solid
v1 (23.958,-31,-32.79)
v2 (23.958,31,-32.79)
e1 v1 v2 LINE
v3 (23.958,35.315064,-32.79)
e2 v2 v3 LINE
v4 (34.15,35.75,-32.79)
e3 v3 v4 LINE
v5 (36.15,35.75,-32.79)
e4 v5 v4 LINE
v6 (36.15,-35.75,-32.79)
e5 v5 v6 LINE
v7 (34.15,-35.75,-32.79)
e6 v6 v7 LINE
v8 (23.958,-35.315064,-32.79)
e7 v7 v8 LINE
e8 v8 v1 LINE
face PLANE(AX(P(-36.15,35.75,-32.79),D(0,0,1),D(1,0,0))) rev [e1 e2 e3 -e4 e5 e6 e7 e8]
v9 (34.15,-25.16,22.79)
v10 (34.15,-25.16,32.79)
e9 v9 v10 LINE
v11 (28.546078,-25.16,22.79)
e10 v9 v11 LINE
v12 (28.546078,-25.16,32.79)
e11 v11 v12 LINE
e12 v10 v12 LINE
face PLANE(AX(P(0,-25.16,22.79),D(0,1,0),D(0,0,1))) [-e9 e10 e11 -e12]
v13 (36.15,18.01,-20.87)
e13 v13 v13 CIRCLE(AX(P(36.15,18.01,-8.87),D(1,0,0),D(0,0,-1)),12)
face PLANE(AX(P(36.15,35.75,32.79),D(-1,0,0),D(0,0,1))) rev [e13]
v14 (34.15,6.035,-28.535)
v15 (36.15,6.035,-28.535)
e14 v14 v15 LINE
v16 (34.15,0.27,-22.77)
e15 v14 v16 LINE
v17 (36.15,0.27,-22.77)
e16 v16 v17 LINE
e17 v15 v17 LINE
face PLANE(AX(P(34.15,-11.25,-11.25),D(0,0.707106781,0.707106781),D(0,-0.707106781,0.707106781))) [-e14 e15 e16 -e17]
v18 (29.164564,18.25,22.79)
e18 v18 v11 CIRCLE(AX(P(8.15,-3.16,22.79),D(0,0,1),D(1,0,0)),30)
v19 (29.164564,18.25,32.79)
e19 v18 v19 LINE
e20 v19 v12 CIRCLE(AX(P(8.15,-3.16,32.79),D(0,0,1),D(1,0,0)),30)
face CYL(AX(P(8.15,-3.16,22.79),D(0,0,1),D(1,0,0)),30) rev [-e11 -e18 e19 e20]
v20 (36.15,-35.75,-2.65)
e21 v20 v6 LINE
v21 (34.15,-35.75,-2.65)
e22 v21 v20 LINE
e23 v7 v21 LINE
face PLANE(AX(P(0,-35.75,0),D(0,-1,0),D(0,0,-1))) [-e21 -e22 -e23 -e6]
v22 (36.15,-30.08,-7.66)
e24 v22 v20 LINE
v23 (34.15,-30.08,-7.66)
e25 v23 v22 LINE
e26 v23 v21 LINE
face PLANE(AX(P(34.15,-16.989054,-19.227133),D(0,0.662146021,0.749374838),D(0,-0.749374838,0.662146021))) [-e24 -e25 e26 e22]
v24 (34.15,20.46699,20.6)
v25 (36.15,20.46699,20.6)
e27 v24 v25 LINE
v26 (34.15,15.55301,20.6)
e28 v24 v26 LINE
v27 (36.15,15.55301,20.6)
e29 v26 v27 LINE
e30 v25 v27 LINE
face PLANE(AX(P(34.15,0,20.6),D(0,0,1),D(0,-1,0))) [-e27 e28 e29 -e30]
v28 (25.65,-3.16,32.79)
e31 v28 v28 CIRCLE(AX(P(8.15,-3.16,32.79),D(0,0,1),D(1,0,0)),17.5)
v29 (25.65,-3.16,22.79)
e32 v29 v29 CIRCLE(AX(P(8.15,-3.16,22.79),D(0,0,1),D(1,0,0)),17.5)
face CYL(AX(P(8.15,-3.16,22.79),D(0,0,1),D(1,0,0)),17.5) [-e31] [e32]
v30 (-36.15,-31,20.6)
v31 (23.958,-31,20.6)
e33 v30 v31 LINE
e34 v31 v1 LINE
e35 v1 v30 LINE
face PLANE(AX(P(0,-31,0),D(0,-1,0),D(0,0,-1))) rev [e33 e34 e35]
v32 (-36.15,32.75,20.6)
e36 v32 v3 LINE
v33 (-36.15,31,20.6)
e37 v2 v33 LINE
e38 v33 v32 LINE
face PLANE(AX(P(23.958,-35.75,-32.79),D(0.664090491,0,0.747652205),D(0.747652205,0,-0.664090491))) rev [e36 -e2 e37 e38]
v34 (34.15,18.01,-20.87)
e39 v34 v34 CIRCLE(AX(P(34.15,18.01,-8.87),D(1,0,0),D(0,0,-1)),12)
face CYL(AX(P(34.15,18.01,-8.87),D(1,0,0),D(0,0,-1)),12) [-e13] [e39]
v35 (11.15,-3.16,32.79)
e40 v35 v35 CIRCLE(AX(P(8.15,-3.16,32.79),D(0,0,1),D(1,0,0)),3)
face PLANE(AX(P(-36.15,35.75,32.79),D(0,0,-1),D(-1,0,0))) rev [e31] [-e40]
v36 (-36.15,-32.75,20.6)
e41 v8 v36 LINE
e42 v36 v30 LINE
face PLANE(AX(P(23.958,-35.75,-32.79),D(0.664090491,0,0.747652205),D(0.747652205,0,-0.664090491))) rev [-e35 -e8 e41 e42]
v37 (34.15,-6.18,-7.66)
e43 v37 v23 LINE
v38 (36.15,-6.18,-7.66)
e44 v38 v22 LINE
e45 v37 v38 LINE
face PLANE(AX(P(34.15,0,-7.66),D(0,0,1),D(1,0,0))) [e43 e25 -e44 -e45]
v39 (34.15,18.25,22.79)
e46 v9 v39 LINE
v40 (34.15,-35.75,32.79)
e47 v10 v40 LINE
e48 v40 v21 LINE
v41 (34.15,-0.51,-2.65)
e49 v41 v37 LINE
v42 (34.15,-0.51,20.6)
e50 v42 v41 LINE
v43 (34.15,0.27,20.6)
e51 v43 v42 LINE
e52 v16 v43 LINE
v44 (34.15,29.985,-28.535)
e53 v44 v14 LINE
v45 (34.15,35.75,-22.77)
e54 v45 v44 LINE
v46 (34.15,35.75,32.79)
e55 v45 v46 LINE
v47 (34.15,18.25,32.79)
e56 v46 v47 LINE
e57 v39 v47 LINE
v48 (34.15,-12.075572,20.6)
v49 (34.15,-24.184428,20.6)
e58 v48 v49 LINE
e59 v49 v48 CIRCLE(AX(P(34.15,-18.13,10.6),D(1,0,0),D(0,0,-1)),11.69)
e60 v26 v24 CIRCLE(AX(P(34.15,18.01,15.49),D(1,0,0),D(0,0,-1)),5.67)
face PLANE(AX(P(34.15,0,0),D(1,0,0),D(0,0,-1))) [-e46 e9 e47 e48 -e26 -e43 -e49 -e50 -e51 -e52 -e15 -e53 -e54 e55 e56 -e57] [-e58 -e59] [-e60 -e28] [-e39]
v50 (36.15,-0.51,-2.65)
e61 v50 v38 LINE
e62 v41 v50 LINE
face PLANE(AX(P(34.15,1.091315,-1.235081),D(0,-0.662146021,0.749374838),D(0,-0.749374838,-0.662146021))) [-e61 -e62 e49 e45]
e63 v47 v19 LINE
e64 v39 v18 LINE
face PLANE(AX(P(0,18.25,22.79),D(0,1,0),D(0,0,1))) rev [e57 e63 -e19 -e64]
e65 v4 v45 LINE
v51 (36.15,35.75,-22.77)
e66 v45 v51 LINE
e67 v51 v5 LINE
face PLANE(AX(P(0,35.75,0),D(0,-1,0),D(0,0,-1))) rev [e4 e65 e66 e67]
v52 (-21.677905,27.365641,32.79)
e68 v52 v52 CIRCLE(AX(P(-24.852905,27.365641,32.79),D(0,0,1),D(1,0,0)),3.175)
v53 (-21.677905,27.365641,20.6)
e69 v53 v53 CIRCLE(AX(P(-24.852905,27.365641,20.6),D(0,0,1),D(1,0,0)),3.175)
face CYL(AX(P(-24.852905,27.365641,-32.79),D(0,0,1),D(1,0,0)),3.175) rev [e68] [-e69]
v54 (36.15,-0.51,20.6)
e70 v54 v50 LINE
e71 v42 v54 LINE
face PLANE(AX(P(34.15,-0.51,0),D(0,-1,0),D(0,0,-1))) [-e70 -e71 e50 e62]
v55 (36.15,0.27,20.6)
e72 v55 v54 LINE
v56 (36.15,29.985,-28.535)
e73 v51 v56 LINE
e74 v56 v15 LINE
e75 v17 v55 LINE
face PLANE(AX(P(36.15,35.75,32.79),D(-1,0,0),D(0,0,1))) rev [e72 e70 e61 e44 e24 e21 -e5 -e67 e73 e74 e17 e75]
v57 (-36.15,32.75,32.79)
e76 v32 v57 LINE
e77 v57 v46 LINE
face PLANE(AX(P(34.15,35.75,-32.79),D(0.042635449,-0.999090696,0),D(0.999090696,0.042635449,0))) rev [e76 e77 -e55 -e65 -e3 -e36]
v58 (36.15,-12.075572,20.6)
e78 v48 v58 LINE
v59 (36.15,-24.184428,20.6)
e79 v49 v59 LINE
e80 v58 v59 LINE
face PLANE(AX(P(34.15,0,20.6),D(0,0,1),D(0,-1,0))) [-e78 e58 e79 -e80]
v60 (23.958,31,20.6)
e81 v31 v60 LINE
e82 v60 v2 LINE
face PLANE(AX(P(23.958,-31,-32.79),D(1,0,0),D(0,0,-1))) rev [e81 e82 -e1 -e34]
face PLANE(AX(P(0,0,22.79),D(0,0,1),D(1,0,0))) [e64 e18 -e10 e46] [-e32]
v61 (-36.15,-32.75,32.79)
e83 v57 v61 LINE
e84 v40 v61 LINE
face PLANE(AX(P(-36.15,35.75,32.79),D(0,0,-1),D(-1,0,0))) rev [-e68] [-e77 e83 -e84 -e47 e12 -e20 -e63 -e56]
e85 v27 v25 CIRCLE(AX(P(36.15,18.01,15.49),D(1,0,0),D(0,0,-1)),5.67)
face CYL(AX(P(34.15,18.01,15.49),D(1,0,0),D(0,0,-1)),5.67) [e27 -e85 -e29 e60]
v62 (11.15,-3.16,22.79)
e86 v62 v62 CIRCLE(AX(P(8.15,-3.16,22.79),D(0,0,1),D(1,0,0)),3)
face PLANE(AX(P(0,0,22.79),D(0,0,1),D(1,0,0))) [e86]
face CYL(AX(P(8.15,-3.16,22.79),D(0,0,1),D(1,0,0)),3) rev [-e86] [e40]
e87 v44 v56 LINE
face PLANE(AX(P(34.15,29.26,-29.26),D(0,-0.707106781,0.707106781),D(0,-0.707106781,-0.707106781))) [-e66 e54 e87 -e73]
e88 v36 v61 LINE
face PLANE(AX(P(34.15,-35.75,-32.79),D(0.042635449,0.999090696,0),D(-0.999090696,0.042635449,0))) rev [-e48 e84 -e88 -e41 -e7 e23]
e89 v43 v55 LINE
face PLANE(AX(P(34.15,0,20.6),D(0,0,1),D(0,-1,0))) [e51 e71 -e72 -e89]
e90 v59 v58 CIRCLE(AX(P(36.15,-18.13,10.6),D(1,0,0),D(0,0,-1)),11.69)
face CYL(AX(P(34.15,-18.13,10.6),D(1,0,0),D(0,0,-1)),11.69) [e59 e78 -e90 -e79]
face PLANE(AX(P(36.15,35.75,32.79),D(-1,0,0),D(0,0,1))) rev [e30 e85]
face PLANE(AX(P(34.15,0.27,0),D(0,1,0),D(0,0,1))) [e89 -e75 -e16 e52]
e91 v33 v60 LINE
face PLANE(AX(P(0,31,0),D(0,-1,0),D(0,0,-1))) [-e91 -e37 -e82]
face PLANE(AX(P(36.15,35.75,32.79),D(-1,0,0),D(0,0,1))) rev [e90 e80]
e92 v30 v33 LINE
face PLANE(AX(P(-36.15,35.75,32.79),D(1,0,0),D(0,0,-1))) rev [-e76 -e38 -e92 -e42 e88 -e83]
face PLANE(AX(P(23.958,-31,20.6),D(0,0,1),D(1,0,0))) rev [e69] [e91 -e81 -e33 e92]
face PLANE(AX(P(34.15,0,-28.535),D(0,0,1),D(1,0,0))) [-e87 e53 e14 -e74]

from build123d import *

# Parameters (mm, degrees)
CROQUIS1_W                 = 72.3
CROQUIS1_H                 = 65.58
SALIENTE_EXTRUIR1_DEPTH    = 35.75
CROQUIS2_R                 = 12
CORTAR_EXTRUIR1_DEPTH      = 2
CROQUIS3_R                 = 17.5
CROQUIS3_R_2               = 3
CORTAR_EXTRUIR2_DEPTH      = 10
CORTAR_EXTRUIR3_DEPTH      = 61.49850494
CORTAR_EXTRUIR3_DEPTH_BACK = 61.49850494
CORTAR_EXTRUIR4_DEPTH      = 31
CROQUIS3_3_R               = 3.175
CORTAR_EXTRUIR5_DEPTH      = 83.979644492
CORTAR_EXTRUIR6_DEPTH      = 83.979644492


with BuildPart() as part:
    # Croquis1 → Saliente-Extruir1 (new, symmetric)
    with BuildSketch(Plane(origin=(0, 0, 0), x_dir=(1, 0, 0), z_dir=(0, 1, 0))):
        Rectangle(CROQUIS1_W, CROQUIS1_H)
    extrude(amount=SALIENTE_EXTRUIR1_DEPTH, both=True)

    # Croquis2 → Cortar-Extruir1 (cut)
    with BuildSketch(Plane(origin=(36.15, 0, 0), x_dir=(0, 0, -1), z_dir=(1, 0, 0))):
        Polygon((-20.6, -0.51), (-20.6, 0.27), (22.77, 0.27), (28.535, 6.035), (28.535, 29.985), (22.77, 35.75), (-32.79, 35.75), (-32.79, -35.75), (2.65, -35.75), (7.66, -30.08), (7.66, -6.18), (2.65, -0.51), align=None)
        with BuildLine():
            Line((-20.6, 15.553009972), (-20.6, 20.466990028))
            ThreePointArc((-20.6, 20.466990028), (-9.82, 18.01), (-20.6, 15.553009972))
        make_face(mode=Mode.SUBTRACT)
        with BuildLine():
            Line((-20.6, -24.184428132), (-20.6, -12.075571868))
            ThreePointArc((-20.6, -12.075571868), (1.09, -18.13), (-20.6, -24.184428132))
        make_face(mode=Mode.SUBTRACT)
        with Locations((8.87, 18.01)):
            Circle(CROQUIS2_R, mode=Mode.SUBTRACT)
    extrude(amount=-CORTAR_EXTRUIR1_DEPTH, mode=Mode.SUBTRACT)

    # Croquis3 → Cortar-Extruir2 (cut)
    # profile 1 of 2: a face of its own
    with BuildSketch(Plane.XY.offset(32.79)):
        with BuildLine():
            Line((34.15, -25.16), (34.15, 18.25))
            Line((34.15, 18.25), (29.164563997, 18.25))
            ThreePointArc((29.164563997, 18.25), (-21.846955575, -2.732617016), (28.546078054, -25.16))
            Line((28.546078054, -25.16), (34.15, -25.16))
        make_face()
        with Locations((8.15, -3.16)):
            Circle(CROQUIS3_R, mode=Mode.SUBTRACT)
    # profile 2 of 2: a face of its own
    with BuildSketch(Plane.XY.offset(32.79)):
        with Locations((8.15, -3.16)):
            Circle(CROQUIS3_R_2)
    extrude(amount=-CORTAR_EXTRUIR2_DEPTH, mode=Mode.SUBTRACT)

    # Croquis4 → Cortar-Extruir3 (cut, two sides: drawn at the far end of the back side and taken through both)
    with BuildSketch(Plane(origin=(0, 0, 0), x_dir=(1, 0, 0), z_dir=(0, 1, 0)).offset(-CORTAR_EXTRUIR3_DEPTH_BACK)):
        Polygon((-36.15, 32.79), (23.958, 32.79), (-36.15, -20.6), align=None)
    extrude(amount=CORTAR_EXTRUIR3_DEPTH + CORTAR_EXTRUIR3_DEPTH_BACK, mode=Mode.SUBTRACT)

    # Croquis5 → Cortar-Extruir4 (cut, symmetric)
    with BuildSketch(Plane(origin=(0, 0, 0), x_dir=(1, 0, 0), z_dir=(0, 1, 0))):
        Polygon((23.958, 32.79), (23.958, -20.6), (-36.15, -20.6), align=None)
    extrude(amount=CORTAR_EXTRUIR4_DEPTH, both=True, mode=Mode.SUBTRACT)

    # Croquis3<3> → Cortar-Extruir5 (cut, through all)
    with BuildSketch(Plane.XY.offset(32.79)):
        with Locations((-24.852904541, 27.365641017)):
            Circle(CROQUIS3_3_R)
    extrude(amount=-CORTAR_EXTRUIR5_DEPTH, mode=Mode.SUBTRACT)

    # Croquis6 → Cortar-Extruir6 (cut, through all)
    with BuildSketch(Plane.XY.offset(32.79)):
        Polygon((-36.15, 32.75), (-36.15, 35.75), (34.15, 35.75), align=None)
        Polygon((-36.15, -32.75), (-36.15, -35.75), (34.15, -35.75), align=None)
    extrude(amount=-CORTAR_EXTRUIR6_DEPTH, mode=Mode.SUBTRACT)


solid = part.part
